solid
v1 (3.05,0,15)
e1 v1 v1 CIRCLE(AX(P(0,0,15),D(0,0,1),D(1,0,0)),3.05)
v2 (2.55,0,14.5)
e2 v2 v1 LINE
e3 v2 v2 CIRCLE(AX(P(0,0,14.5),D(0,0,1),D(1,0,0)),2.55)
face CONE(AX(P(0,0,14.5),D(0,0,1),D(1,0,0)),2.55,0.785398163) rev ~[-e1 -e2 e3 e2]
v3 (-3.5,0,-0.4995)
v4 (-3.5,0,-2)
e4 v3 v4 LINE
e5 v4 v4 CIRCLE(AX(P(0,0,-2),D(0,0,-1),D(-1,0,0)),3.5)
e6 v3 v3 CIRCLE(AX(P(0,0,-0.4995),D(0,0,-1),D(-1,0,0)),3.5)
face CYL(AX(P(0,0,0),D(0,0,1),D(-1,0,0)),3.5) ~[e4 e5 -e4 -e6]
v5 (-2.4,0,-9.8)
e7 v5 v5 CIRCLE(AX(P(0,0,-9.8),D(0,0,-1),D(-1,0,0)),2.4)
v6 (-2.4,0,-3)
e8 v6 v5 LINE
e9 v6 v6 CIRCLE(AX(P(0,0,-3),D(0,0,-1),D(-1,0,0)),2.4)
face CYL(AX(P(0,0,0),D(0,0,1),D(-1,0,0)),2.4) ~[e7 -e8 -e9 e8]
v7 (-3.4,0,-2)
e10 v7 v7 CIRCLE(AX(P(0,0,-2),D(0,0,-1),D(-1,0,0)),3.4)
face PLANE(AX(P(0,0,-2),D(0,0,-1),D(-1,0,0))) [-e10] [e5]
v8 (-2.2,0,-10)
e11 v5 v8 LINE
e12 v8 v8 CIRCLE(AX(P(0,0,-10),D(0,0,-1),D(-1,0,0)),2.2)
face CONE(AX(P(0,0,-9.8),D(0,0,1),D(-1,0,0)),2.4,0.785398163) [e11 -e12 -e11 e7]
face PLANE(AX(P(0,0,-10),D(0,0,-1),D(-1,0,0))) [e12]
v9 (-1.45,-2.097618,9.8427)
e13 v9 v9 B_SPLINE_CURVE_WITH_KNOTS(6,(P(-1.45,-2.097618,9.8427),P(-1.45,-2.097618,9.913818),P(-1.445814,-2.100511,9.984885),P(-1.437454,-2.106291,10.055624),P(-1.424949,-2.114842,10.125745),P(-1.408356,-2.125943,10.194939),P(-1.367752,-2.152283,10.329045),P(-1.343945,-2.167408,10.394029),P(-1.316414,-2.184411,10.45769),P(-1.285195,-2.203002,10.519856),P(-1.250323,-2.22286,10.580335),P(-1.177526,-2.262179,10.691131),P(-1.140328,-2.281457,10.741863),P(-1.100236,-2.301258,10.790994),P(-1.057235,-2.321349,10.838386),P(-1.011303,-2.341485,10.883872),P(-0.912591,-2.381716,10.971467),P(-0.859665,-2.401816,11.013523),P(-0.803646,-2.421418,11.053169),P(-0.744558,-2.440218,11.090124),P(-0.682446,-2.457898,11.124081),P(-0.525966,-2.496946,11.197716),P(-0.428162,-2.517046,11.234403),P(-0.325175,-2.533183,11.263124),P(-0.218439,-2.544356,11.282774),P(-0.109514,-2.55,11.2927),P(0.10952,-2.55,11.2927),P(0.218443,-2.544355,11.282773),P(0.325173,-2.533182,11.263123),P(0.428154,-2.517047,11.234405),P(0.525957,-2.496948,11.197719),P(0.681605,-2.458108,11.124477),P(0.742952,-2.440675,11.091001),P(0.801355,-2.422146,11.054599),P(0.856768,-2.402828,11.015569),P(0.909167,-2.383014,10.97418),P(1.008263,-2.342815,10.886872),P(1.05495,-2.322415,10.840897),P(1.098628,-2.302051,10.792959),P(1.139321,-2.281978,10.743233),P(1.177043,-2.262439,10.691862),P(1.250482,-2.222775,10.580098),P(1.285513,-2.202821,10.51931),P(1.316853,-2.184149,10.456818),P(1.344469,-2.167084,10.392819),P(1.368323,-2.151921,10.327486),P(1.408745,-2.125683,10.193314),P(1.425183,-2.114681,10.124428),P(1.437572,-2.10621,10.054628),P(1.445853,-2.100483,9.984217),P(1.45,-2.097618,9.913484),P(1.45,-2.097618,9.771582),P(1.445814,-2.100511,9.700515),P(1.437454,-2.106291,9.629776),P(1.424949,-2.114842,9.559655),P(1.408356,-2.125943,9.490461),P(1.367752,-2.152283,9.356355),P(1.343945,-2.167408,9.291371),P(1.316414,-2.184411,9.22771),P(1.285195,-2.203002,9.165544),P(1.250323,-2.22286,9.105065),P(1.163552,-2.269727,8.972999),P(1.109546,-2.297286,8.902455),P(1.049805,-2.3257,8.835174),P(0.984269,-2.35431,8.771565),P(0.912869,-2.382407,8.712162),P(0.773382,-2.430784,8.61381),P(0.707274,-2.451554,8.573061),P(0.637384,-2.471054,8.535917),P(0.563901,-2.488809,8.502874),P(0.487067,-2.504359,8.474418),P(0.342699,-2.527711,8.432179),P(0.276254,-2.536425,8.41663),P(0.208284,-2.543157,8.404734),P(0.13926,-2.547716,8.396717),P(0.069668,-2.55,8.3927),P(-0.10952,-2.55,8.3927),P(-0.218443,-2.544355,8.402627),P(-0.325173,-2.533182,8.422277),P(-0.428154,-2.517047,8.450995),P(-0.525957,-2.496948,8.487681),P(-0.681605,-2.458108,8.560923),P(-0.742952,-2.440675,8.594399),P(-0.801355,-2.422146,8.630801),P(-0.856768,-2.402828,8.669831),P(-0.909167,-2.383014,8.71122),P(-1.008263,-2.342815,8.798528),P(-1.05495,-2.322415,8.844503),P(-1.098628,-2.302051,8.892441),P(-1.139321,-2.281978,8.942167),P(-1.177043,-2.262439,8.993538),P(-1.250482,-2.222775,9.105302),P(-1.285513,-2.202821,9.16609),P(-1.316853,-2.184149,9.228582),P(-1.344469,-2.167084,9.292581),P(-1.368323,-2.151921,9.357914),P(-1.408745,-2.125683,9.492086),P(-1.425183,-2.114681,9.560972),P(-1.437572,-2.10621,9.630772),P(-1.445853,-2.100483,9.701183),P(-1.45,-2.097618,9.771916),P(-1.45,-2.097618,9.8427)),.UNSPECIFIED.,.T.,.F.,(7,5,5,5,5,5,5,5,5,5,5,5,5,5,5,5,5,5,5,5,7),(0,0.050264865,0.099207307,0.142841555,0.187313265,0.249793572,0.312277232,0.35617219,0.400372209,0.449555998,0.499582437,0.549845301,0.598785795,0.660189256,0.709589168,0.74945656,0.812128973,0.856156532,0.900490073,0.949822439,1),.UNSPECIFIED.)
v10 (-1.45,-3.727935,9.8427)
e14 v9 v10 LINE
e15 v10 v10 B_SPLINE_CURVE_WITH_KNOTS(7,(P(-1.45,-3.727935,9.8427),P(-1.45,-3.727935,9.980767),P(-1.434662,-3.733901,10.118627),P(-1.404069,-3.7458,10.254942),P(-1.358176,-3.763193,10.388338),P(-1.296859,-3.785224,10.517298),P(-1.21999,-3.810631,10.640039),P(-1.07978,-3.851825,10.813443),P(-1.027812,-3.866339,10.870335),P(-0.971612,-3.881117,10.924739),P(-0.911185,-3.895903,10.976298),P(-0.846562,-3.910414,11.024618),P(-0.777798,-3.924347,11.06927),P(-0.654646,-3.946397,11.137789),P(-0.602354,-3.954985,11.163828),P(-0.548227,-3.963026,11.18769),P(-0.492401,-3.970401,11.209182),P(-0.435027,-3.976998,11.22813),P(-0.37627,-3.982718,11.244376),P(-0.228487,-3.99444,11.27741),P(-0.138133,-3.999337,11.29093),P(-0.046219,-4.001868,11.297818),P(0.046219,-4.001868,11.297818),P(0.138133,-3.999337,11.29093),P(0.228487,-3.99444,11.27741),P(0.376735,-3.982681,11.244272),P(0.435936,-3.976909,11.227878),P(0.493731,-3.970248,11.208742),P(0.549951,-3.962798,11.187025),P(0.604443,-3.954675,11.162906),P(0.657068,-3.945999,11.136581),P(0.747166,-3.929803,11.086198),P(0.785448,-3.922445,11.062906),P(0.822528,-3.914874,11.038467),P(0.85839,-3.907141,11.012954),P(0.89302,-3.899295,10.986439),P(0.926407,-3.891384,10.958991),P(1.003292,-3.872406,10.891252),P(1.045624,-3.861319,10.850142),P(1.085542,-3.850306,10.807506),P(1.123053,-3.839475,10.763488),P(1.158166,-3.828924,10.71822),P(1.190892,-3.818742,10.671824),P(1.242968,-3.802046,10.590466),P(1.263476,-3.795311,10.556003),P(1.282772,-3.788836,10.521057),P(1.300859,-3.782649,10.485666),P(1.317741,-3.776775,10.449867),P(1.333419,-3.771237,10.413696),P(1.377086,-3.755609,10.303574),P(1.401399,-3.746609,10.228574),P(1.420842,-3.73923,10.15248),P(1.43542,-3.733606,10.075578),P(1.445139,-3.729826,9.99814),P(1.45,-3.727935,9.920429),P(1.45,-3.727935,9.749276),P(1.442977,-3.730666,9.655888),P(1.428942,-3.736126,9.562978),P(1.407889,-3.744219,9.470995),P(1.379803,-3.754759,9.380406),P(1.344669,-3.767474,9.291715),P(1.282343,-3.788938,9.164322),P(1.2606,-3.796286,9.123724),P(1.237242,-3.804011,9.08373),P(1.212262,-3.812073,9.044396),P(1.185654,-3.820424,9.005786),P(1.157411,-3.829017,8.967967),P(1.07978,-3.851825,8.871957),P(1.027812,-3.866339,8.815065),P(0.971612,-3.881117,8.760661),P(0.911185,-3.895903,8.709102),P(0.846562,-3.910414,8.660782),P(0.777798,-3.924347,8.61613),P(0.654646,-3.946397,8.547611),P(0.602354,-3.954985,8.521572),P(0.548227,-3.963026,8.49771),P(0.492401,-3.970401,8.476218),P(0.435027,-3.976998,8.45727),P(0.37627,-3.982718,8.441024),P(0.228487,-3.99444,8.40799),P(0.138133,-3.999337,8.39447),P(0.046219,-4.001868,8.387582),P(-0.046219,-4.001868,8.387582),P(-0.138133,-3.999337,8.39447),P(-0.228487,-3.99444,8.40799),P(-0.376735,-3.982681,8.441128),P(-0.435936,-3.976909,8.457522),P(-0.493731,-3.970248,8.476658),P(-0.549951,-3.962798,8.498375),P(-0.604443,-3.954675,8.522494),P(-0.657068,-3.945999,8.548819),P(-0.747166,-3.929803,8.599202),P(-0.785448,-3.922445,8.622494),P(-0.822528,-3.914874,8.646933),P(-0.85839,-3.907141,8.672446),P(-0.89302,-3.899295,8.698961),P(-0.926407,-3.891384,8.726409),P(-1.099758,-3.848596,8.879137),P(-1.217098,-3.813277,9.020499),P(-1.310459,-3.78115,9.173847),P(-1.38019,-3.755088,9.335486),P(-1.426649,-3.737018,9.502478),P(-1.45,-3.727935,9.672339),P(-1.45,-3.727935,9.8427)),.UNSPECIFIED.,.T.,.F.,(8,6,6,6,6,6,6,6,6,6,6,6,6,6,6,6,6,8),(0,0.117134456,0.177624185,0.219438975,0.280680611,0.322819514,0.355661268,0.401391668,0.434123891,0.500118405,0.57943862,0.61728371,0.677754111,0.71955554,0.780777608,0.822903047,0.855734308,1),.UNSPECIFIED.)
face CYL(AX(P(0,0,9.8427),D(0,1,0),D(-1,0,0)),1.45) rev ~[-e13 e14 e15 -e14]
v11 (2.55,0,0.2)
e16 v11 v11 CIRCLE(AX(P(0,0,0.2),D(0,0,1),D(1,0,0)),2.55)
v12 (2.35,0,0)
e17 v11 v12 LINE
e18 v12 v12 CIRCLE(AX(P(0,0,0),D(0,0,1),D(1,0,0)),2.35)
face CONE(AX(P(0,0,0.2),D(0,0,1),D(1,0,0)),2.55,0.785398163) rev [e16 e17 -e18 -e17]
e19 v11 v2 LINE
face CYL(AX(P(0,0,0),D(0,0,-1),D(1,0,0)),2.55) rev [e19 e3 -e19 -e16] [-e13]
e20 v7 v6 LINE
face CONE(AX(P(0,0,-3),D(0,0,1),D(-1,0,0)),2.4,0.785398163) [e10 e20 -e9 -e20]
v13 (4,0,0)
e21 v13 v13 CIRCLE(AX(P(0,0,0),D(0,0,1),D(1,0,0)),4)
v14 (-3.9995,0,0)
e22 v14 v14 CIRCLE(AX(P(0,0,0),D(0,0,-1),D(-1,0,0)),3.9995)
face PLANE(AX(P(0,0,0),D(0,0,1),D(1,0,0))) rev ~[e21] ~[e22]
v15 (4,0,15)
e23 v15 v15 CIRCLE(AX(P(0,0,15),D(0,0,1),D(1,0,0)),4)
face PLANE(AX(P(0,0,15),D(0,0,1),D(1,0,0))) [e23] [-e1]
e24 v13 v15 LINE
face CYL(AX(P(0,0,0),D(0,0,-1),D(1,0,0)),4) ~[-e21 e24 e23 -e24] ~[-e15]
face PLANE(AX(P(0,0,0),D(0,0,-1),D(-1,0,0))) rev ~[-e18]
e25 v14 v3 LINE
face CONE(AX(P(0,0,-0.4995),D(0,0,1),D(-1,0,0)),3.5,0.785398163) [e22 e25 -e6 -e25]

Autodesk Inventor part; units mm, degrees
ref_plane "YZ Plane" through (0, 0, 0) normal (1, 0, 0) x (0, 1, 0)
ref_plane "XZ Plane" through (0, 0, 0) normal (0, 1, 0) x (-1, 0, 0)
ref_plane "XY Plane" through (0, 0, 0) normal (0, 0, 1) x (1, 0, 0)
sketch "Sketch1" plane through (0, 0, 0) normal (0, 0, 1) x (1, 0, 0)
  circle A0 centre (0, 0) radius 2.55
  circle A1 centre (0, 0) radius 4
  dimension "d0" = 5.1
  dimension "d1" = 8
extrude "Extrusion1" add sketch "Sketch1" along normal blind 15
sketch "Sketch2" plane through (0, 0, 0) normal (0, 0, -1) x (-1, 0, 0)
  circle A0 centre (0, 0) radius 2.4
  circle A1 centre (0, 0) radius 3.5
  dimension "d4" = 4.8
  dimension "d5" = 7
extrude "Extrusion2" add sketch "Sketch2" along normal blind 10 contours A0
extrude "Extrusion3" add sketch "Sketch2" along normal blind 2
chamfer "Chamfer1" distance 0.5 angle 45 1 edges at (3.5, 0, 0)
chamfer "Chamfer2" distance 1 angle 45 1 edges at (2.4, 0, -2)
chamfer "Chamfer3" distance 0.2 angle 45 1 edges at (-2.55, 0, 0)
chamfer "Chamfer4" distance 0.5 angle 45 1 edges at (-2.55, 0, 15)
sketch "Sketch3" plane through (0, 0, 0) normal (0, 1, 0) x (-1, 0, 0)
  circle A0 centre (0, 9.8427) radius 1.45
  point P0 (0, 0)
  dimension "d22" = 2.9
extrude "Extrusion4" cut sketch "Sketch3" against normal blind 8
chamfer "Chamfer5" distance 0.2 angle 45 1 edges at (2.4, 0, -10)
equation "\"BendRadius\" = Thickness"
equation "\"BendReliefWidth\" = Thickness"
equation "\"BendReliefDepth\" = 0.5 * Thickness"
equation "\"CornerReliefSize\" = 4 * Thickness"
equation "\"MinimumRemnant\" = 2 * Thickness"
equation "\"TransitionRadius\" = BendRadius"
equation "\"JacobiRadiusSize\" = BendRadius"
equation "\"GapSize\" = Thickness"
equation "\"Thickness\" = 0.5"
properties part number "khới nối cứng"
